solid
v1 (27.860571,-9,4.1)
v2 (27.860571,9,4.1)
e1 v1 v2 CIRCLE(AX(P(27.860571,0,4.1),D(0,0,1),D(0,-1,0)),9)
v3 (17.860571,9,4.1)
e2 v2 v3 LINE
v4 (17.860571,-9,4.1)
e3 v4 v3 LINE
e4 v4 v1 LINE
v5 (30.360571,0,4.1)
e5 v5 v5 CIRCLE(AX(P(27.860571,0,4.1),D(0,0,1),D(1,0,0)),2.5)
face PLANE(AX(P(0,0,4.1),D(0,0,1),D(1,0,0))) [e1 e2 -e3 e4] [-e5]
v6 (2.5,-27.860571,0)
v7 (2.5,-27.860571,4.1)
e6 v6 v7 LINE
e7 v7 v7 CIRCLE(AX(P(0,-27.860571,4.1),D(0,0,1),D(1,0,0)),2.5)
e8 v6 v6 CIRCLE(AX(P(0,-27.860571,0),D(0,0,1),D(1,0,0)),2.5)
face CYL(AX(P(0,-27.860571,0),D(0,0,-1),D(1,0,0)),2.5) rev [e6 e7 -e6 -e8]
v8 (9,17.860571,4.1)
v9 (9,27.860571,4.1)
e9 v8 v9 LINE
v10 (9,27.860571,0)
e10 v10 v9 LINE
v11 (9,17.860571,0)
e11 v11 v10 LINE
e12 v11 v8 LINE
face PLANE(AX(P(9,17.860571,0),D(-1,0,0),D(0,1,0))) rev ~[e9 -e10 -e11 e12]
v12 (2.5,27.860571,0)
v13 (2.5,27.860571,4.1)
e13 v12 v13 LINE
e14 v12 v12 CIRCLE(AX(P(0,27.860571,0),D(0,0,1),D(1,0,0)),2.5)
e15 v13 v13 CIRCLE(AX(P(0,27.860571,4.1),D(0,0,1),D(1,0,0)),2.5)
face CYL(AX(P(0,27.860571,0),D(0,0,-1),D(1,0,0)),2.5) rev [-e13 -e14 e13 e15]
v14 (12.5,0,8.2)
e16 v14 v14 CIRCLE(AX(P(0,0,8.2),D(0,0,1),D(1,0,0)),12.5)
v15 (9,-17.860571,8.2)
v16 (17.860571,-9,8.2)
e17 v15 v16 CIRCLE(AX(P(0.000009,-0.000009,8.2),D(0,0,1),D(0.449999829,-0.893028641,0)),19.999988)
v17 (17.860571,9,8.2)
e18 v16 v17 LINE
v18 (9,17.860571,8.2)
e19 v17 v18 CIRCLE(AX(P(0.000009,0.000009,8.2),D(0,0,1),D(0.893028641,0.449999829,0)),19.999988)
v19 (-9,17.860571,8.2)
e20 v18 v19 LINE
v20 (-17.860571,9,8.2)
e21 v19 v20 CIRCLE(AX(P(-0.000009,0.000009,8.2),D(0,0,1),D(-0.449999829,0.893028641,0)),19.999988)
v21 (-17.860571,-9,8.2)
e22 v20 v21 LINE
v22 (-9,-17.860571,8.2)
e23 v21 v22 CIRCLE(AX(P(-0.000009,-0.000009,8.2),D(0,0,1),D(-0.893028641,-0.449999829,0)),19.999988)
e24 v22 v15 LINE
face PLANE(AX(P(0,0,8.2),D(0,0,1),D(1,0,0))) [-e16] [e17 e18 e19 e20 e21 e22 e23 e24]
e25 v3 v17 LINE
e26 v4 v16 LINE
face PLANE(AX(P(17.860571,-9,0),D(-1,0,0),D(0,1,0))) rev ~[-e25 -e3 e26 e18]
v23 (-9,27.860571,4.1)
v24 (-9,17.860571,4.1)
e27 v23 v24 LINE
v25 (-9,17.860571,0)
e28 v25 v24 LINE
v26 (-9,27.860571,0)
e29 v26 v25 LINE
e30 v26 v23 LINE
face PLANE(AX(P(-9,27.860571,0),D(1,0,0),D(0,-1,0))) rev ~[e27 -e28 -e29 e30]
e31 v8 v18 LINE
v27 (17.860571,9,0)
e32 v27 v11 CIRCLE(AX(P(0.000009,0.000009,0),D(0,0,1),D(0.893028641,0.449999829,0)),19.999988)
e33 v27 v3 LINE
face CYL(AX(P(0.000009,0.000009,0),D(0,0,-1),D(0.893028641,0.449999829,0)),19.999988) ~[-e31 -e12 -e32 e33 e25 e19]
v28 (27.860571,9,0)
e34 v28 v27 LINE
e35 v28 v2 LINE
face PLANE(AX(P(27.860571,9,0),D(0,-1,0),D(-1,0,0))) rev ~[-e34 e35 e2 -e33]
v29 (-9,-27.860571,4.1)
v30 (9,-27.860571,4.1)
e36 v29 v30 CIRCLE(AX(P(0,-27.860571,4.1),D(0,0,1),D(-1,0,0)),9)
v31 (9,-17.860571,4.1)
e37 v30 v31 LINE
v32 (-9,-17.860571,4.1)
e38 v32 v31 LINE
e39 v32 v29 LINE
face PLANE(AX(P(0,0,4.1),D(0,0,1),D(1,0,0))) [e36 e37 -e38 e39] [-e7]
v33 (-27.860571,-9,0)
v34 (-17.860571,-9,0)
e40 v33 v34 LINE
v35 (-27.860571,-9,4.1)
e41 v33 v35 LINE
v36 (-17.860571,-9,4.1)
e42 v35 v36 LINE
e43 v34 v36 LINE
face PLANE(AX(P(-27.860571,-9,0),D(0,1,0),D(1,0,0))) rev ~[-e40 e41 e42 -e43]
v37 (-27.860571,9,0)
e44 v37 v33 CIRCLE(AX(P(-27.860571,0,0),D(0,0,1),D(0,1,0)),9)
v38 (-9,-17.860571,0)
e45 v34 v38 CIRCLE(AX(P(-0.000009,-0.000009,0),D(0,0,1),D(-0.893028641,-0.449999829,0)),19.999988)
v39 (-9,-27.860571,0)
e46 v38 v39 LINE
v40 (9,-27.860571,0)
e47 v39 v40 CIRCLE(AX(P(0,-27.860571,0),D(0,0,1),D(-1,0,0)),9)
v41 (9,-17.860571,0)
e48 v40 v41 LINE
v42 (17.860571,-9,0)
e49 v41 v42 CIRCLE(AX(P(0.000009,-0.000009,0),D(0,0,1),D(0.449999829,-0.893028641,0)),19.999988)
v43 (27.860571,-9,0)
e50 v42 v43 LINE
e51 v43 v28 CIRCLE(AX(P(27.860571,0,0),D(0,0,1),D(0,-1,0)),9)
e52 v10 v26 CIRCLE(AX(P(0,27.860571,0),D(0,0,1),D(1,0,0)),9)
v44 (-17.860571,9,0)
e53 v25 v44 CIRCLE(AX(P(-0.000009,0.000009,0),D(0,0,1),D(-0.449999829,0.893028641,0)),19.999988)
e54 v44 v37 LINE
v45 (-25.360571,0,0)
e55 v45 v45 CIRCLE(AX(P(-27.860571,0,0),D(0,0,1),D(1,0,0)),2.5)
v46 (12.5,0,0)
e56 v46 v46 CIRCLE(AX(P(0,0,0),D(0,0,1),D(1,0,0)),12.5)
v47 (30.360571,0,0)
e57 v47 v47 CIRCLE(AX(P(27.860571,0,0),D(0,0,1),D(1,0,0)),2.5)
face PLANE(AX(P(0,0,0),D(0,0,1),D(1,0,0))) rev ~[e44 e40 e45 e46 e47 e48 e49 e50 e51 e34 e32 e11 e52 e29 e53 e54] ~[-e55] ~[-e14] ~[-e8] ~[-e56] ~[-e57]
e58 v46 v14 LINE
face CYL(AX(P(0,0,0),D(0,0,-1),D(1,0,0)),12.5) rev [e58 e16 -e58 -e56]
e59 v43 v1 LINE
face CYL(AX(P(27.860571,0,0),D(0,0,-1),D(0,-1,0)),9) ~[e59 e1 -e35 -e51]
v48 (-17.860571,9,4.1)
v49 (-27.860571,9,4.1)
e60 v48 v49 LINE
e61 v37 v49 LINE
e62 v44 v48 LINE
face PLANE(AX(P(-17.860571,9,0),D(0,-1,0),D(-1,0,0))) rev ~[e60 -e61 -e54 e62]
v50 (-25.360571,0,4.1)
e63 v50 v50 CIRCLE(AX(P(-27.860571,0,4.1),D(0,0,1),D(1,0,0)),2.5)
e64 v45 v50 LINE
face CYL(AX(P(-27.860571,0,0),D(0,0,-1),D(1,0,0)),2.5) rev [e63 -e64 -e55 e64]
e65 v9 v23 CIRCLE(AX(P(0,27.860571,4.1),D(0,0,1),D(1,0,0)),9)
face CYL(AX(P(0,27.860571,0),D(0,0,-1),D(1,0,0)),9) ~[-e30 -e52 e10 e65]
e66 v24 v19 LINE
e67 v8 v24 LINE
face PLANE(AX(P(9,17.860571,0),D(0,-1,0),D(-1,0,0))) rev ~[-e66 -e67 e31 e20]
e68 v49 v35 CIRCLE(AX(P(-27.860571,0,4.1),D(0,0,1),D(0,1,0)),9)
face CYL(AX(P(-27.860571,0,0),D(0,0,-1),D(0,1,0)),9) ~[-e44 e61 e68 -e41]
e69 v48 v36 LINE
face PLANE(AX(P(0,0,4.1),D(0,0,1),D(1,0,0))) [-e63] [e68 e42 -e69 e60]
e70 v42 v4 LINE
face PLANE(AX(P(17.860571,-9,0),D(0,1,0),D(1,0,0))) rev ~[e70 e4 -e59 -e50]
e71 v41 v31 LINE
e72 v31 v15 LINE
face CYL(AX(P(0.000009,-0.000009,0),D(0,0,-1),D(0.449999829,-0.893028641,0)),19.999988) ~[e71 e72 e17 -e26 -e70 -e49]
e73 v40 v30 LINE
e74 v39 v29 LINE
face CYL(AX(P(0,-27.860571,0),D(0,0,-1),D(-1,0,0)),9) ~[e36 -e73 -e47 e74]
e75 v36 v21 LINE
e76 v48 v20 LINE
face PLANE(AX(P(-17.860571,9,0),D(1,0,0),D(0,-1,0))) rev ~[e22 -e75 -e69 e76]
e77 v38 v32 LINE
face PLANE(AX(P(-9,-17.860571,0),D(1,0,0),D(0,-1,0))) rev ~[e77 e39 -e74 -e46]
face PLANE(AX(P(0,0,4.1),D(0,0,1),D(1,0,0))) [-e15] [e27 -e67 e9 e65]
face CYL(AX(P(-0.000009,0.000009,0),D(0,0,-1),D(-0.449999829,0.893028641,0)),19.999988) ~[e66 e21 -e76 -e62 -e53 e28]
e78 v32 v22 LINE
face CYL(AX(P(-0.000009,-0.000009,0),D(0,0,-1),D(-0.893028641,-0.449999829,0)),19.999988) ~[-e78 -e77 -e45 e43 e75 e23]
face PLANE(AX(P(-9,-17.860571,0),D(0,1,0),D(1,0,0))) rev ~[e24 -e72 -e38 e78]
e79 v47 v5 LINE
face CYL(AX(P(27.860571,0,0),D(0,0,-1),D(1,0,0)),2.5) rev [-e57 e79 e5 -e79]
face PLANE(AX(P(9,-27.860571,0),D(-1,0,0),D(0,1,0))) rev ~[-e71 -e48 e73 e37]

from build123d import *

# Parameters (mm, degrees)
F0_R     = 12.5
F1_DEPTH = 8.2
F0_R_2   = 2.5
F2_DEPTH = 4.1


with BuildPart() as f1:
    # F0 (on Top) → F1 (new body)
    with BuildSketch(Plane.XY):
        with BuildLine():
            Line((-9, -17.860571), (9, -17.860571))
            ThreePointArc((9, -17.860571), (14.142136, -14.142136), (17.860571, -9))
            Line((17.860571, -9), (17.860571, 9))
            ThreePointArc((17.860571, 9), (14.142136, 14.142136), (9, 17.860571))
            Line((9, 17.860571), (-9, 17.860571))
            ThreePointArc((-9, 17.860571), (-14.142136, 14.142136), (-17.860571, 9))
            Line((-17.860571, 9), (-17.860571, -9))
            ThreePointArc((-17.860571, -9), (-14.142136, -14.142136), (-9, -17.860571))
        make_face()
        Circle(F0_R, mode=Mode.SUBTRACT)
    extrude(amount=F1_DEPTH)

    # F0 (on Top) → F2 (join)
    with BuildSketch(Plane.XY):
        with BuildLine():
            Line((-9, -17.860571), (9, -17.860571))
            ThreePointArc((9, -17.860571), (14.142136, -14.142136), (17.860571, -9))
            Line((17.860571, -9), (17.860571, 9))
            ThreePointArc((17.860571, 9), (14.142136, 14.142136), (9, 17.860571))
            Line((9, 17.860571), (-9, 17.860571))
            ThreePointArc((-9, 17.860571), (-14.142136, 14.142136), (-17.860571, 9))
            Line((-17.860571, 9), (-17.860571, -9))
            ThreePointArc((-17.860571, -9), (-14.142136, -14.142136), (-9, -17.860571))
        make_face()
        Circle(F0_R, mode=Mode.SUBTRACT)
        with BuildLine():
            Line((9, -27.860571), (9, -17.860571))
            Line((9, -17.860571), (-9, -17.860571))
            Line((-9, -17.860571), (-9, -27.860571))
            ThreePointArc((-9, -27.860571), (0, -36.860571), (9, -27.860571))
        make_face()
        with Locations((0, -27.860571)):
            Circle(F0_R_2, mode=Mode.SUBTRACT)
        with BuildLine():
            Line((17.860571, 9), (17.860571, -9))
            Line((17.860571, -9), (27.860571, -9))
            ThreePointArc((27.860571, -9), (36.860571, 0), (27.860571, 9))
            Line((27.860571, 9), (17.860571, 9))
        make_face()
        with Locations((27.860571, 0)):
            Circle(F0_R_2, mode=Mode.SUBTRACT)
        with BuildLine():
            Line((-27.860571, -9), (-17.860571, -9))
            Line((-17.860571, -9), (-17.860571, 9))
            Line((-17.860571, 9), (-27.860571, 9))
            ThreePointArc((-27.860571, 9), (-36.860571, 0), (-27.860571, -9))
        make_face()
        with Locations((-27.860571, 0)):
            Circle(F0_R_2, mode=Mode.SUBTRACT)
        with BuildLine():
            Line((-9, 17.860571), (9, 17.860571))
            Line((9, 17.860571), (9, 27.860571))
            ThreePointArc((9, 27.860571), (0, 36.860571), (-9, 27.860571))
            Line((-9, 27.860571), (-9, 17.860571))
        make_face()
        with Locations((0, 27.860571)):
            Circle(F0_R_2, mode=Mode.SUBTRACT)
    extrude(amount=F2_DEPTH)


solid = f1.part
